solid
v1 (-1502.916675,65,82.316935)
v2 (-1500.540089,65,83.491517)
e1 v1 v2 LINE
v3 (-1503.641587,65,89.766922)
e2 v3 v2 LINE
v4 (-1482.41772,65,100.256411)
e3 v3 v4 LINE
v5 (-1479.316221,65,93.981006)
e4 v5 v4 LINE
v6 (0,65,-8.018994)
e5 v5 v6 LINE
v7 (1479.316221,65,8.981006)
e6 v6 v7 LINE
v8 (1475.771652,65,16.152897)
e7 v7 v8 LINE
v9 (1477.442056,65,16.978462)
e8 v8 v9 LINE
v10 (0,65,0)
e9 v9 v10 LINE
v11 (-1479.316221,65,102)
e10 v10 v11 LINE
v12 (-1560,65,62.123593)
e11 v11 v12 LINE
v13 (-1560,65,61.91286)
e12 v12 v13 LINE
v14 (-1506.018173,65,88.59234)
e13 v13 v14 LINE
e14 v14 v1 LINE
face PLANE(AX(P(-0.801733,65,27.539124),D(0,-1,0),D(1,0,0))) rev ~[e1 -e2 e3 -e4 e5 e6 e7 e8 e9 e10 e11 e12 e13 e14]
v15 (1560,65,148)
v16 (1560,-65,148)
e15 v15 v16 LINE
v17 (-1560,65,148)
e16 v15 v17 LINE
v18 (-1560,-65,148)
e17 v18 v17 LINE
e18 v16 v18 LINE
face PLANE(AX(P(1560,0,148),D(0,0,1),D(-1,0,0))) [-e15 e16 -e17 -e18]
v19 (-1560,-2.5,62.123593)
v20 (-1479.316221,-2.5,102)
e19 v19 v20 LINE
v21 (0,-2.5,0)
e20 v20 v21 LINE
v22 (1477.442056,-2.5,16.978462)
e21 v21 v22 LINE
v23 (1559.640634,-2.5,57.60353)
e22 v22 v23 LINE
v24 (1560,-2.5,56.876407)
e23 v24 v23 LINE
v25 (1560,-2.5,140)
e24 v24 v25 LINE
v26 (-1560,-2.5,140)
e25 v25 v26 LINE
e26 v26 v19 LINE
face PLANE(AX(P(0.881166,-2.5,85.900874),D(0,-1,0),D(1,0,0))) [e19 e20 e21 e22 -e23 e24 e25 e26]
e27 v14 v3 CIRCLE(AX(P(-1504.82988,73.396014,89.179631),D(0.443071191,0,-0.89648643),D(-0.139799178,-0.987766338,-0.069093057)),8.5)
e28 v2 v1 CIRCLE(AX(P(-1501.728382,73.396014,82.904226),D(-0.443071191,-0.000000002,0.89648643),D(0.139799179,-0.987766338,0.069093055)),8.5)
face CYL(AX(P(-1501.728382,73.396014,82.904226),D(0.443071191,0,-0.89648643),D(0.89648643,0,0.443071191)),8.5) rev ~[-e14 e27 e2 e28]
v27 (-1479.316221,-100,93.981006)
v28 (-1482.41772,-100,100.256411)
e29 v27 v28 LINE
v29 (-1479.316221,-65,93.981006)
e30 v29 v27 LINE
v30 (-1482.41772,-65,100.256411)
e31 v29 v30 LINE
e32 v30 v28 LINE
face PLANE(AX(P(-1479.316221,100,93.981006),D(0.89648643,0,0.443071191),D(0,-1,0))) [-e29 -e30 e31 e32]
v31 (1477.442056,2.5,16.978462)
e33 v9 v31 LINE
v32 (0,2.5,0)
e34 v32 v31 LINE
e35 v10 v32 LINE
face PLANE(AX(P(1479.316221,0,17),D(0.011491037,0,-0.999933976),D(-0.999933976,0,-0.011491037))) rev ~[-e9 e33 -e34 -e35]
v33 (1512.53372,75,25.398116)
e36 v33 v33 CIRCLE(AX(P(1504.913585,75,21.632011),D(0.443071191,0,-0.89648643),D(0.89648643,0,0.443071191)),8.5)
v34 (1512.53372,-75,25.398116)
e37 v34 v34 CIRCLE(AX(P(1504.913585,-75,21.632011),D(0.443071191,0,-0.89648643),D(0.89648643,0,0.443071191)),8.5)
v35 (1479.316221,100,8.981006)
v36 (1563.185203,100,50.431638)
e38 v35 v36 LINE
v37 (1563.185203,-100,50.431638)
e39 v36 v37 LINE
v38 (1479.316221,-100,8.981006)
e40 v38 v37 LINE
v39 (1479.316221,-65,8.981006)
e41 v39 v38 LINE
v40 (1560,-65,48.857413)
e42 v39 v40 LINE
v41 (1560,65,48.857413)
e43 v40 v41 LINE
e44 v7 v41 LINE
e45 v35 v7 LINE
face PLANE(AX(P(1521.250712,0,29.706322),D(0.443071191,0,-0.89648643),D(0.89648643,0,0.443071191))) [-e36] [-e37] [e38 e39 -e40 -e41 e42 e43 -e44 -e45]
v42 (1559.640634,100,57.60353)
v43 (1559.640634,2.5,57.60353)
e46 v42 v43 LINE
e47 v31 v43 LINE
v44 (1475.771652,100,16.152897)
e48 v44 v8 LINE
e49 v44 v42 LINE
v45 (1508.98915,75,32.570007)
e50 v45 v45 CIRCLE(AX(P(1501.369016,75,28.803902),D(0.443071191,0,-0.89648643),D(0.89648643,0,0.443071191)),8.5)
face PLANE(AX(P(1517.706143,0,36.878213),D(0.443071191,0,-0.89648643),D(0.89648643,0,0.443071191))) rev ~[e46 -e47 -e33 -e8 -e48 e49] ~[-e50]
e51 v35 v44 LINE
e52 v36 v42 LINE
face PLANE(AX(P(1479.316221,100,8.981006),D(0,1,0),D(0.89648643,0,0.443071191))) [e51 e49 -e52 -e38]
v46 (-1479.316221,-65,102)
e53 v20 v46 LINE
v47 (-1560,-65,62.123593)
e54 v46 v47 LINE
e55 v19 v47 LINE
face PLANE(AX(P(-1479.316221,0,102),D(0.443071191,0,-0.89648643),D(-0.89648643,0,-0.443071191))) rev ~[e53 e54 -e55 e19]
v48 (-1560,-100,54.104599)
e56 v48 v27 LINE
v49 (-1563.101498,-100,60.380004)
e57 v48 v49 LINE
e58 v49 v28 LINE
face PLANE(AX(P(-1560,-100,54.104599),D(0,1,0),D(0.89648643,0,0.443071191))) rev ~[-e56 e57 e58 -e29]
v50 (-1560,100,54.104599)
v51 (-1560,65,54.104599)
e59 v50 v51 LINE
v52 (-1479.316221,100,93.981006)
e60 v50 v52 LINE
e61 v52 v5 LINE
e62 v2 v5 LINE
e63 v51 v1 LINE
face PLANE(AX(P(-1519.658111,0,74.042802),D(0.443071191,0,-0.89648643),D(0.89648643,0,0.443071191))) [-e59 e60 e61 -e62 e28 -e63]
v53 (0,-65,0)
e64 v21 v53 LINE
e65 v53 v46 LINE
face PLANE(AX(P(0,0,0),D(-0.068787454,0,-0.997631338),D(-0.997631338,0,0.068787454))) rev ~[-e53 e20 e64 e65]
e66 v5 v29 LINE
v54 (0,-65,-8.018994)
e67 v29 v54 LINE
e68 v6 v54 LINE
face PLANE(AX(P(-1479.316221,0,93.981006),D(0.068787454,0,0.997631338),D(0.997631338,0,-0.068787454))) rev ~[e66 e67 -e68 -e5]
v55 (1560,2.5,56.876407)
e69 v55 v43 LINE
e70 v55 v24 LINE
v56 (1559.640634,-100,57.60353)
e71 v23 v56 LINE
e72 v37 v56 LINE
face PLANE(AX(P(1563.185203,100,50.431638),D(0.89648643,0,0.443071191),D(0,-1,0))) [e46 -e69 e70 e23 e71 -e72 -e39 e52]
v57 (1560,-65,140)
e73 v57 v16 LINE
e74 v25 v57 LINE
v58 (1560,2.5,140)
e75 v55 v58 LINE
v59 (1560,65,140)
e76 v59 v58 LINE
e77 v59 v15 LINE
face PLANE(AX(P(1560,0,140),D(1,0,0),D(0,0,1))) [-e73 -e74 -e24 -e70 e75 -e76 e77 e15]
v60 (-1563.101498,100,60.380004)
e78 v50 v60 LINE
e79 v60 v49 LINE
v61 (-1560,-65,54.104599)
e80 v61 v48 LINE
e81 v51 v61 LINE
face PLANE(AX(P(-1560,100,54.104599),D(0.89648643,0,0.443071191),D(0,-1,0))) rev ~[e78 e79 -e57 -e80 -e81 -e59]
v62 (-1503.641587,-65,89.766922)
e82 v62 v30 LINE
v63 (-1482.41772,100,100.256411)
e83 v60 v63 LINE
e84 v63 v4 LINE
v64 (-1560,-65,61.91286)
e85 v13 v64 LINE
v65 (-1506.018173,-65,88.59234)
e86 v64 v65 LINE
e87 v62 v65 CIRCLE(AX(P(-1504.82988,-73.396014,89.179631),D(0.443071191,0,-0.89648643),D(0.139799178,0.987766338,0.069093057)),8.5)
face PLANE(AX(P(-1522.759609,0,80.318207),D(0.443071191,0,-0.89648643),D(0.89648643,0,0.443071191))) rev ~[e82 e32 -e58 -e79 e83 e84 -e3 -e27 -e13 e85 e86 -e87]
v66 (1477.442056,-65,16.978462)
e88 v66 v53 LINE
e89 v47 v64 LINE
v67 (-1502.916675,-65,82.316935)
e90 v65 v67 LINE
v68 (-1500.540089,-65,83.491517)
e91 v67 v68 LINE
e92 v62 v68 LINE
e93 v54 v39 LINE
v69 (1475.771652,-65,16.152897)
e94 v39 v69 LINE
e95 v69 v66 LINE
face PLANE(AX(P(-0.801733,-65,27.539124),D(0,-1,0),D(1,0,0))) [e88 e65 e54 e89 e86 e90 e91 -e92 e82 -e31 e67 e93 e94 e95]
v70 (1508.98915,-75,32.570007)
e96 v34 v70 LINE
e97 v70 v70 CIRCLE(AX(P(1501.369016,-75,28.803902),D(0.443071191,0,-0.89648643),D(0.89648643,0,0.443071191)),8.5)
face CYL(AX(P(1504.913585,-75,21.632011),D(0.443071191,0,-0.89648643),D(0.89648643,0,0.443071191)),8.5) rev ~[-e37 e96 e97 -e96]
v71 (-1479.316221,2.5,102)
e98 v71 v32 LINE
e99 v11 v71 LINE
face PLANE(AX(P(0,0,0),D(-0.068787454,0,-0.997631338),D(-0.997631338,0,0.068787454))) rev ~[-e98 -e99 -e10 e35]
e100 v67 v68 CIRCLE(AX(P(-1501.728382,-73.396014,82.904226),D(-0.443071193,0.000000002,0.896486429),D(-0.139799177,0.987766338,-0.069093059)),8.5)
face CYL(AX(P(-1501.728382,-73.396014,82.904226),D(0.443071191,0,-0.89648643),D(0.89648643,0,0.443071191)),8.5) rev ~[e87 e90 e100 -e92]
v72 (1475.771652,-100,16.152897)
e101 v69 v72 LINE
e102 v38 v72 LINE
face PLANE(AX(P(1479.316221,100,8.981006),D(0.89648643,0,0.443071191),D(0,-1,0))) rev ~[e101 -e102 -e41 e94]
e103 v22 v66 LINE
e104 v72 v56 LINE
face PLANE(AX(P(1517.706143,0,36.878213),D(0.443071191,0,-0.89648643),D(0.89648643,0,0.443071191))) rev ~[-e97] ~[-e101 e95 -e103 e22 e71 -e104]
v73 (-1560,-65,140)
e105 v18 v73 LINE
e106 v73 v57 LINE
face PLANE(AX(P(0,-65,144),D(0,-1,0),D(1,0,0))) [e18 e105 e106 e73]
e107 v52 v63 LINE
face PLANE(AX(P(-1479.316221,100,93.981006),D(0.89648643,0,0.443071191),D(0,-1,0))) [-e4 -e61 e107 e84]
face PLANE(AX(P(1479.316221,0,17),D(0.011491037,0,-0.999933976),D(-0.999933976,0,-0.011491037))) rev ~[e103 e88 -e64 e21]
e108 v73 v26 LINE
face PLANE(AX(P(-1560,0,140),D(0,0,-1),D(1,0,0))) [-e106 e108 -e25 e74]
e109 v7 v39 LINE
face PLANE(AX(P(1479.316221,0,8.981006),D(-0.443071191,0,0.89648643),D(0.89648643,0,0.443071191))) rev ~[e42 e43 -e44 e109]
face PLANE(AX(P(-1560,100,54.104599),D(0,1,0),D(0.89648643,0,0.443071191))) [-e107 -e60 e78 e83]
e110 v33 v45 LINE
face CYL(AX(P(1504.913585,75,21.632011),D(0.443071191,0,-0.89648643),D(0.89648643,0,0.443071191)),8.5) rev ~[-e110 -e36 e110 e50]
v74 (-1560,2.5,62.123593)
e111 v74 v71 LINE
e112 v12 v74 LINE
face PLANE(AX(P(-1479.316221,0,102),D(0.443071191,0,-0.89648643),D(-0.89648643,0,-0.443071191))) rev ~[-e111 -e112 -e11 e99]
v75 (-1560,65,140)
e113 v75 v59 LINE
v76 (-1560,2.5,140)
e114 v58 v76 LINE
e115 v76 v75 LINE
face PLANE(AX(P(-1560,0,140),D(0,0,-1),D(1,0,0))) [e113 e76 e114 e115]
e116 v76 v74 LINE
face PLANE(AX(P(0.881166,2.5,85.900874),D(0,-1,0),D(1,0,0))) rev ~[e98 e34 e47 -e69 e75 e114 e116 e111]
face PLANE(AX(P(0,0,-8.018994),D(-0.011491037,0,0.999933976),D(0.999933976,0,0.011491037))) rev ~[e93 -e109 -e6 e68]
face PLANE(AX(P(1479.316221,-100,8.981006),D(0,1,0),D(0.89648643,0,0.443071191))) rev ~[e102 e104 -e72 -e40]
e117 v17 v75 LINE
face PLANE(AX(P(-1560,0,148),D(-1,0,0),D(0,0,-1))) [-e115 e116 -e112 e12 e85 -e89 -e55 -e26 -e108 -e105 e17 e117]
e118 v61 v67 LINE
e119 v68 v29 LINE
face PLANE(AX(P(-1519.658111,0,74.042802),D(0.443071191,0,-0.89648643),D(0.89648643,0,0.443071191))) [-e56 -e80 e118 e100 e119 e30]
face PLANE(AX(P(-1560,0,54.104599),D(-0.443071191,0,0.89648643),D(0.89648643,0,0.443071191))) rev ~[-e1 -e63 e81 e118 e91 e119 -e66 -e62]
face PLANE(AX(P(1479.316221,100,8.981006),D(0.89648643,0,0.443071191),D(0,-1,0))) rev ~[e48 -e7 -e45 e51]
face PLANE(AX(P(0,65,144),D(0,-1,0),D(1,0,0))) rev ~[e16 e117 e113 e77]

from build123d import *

# Parameters (mm, degrees)
F1_DEPTH = 2.5
F3_DEPTH = 65
F5_W     = 93.5529853487
F5_H     = 200
F5_R     = 8.5
F6_DEPTH = 8
F7_W     = 90
F7_H     = 200
F7_R     = 8.5
F8_DEPTH = 7


with BuildPart() as f1:
    # F0 (on Front) → F1 (new body, symmetric)
    with BuildSketch(Plane.XZ):
        Polygon((1560, 140), (0, 140), (-1560, 140), (-1560, 62.1235928258), (-1479.3162212655, 102), (0, 0), (1479.3162212655, 17), (1560, 56.8764071742), align=None)
    extrude(amount=F1_DEPTH, both=True)

    # F2 (on Front) → F3 (join, symmetric)
    with BuildSketch(Plane.XZ):
        Polygon((1479.3162212655, 17), (0, 0), (-1479.3162212655, 102), (-1560, 62.1235928258), (-1560, 54.1045985372), (-1479.3162212655, 93.9810057114), (0, -8.0189942886), (1479.3162212655, 8.9810057114), (1560, 48.8574128856), (1560, 56.8764071742), align=None)
        Polygon((-1560, 140), (0, 140), (1560, 140), (1560, 148), (0, 148), (-1560, 148), align=None)
    extrude(amount=F3_DEPTH, both=True)

    # F5 (on face) → F6 (join)
    with BuildSketch(Plane(origin=(286.8403234569, 0, -580.3772914858), x_dir=(0.8964864304, 0, 0.4430711908), z_dir=(0.4430711908, 0, -0.8964864304))):
        with Locations((1376.9426361803, 0)):
            Rectangle(F5_W, F5_H)
        with Locations((1358.7191288546, -75)):
            Circle(F5_R, mode=Mode.SUBTRACT)
        with Locations((1358.7191288546, 75)):
            Circle(F5_R, mode=Mode.SUBTRACT)
    extrude(amount=-F6_DEPTH)

    # F7 (on face) → F8 (join)
    with BuildSketch(Plane(origin=(-327.7375870739, 0, 663.126616271), x_dir=(0.8964864304, 0, 0.4430711908), z_dir=(0.4430711908, 0, -0.8964864304))):
        with Locations((-1329.5466424952, 0)):
            Rectangle(F7_W, F7_H)
        with Locations((-1309.5466424952, -73.3960138768)):
            Circle(F7_R, mode=Mode.SUBTRACT)
        with Locations((-1309.5466424952, 73.3960138768)):
            Circle(F7_R, mode=Mode.SUBTRACT)
    extrude(amount=-F8_DEPTH)


solid = f1.part
